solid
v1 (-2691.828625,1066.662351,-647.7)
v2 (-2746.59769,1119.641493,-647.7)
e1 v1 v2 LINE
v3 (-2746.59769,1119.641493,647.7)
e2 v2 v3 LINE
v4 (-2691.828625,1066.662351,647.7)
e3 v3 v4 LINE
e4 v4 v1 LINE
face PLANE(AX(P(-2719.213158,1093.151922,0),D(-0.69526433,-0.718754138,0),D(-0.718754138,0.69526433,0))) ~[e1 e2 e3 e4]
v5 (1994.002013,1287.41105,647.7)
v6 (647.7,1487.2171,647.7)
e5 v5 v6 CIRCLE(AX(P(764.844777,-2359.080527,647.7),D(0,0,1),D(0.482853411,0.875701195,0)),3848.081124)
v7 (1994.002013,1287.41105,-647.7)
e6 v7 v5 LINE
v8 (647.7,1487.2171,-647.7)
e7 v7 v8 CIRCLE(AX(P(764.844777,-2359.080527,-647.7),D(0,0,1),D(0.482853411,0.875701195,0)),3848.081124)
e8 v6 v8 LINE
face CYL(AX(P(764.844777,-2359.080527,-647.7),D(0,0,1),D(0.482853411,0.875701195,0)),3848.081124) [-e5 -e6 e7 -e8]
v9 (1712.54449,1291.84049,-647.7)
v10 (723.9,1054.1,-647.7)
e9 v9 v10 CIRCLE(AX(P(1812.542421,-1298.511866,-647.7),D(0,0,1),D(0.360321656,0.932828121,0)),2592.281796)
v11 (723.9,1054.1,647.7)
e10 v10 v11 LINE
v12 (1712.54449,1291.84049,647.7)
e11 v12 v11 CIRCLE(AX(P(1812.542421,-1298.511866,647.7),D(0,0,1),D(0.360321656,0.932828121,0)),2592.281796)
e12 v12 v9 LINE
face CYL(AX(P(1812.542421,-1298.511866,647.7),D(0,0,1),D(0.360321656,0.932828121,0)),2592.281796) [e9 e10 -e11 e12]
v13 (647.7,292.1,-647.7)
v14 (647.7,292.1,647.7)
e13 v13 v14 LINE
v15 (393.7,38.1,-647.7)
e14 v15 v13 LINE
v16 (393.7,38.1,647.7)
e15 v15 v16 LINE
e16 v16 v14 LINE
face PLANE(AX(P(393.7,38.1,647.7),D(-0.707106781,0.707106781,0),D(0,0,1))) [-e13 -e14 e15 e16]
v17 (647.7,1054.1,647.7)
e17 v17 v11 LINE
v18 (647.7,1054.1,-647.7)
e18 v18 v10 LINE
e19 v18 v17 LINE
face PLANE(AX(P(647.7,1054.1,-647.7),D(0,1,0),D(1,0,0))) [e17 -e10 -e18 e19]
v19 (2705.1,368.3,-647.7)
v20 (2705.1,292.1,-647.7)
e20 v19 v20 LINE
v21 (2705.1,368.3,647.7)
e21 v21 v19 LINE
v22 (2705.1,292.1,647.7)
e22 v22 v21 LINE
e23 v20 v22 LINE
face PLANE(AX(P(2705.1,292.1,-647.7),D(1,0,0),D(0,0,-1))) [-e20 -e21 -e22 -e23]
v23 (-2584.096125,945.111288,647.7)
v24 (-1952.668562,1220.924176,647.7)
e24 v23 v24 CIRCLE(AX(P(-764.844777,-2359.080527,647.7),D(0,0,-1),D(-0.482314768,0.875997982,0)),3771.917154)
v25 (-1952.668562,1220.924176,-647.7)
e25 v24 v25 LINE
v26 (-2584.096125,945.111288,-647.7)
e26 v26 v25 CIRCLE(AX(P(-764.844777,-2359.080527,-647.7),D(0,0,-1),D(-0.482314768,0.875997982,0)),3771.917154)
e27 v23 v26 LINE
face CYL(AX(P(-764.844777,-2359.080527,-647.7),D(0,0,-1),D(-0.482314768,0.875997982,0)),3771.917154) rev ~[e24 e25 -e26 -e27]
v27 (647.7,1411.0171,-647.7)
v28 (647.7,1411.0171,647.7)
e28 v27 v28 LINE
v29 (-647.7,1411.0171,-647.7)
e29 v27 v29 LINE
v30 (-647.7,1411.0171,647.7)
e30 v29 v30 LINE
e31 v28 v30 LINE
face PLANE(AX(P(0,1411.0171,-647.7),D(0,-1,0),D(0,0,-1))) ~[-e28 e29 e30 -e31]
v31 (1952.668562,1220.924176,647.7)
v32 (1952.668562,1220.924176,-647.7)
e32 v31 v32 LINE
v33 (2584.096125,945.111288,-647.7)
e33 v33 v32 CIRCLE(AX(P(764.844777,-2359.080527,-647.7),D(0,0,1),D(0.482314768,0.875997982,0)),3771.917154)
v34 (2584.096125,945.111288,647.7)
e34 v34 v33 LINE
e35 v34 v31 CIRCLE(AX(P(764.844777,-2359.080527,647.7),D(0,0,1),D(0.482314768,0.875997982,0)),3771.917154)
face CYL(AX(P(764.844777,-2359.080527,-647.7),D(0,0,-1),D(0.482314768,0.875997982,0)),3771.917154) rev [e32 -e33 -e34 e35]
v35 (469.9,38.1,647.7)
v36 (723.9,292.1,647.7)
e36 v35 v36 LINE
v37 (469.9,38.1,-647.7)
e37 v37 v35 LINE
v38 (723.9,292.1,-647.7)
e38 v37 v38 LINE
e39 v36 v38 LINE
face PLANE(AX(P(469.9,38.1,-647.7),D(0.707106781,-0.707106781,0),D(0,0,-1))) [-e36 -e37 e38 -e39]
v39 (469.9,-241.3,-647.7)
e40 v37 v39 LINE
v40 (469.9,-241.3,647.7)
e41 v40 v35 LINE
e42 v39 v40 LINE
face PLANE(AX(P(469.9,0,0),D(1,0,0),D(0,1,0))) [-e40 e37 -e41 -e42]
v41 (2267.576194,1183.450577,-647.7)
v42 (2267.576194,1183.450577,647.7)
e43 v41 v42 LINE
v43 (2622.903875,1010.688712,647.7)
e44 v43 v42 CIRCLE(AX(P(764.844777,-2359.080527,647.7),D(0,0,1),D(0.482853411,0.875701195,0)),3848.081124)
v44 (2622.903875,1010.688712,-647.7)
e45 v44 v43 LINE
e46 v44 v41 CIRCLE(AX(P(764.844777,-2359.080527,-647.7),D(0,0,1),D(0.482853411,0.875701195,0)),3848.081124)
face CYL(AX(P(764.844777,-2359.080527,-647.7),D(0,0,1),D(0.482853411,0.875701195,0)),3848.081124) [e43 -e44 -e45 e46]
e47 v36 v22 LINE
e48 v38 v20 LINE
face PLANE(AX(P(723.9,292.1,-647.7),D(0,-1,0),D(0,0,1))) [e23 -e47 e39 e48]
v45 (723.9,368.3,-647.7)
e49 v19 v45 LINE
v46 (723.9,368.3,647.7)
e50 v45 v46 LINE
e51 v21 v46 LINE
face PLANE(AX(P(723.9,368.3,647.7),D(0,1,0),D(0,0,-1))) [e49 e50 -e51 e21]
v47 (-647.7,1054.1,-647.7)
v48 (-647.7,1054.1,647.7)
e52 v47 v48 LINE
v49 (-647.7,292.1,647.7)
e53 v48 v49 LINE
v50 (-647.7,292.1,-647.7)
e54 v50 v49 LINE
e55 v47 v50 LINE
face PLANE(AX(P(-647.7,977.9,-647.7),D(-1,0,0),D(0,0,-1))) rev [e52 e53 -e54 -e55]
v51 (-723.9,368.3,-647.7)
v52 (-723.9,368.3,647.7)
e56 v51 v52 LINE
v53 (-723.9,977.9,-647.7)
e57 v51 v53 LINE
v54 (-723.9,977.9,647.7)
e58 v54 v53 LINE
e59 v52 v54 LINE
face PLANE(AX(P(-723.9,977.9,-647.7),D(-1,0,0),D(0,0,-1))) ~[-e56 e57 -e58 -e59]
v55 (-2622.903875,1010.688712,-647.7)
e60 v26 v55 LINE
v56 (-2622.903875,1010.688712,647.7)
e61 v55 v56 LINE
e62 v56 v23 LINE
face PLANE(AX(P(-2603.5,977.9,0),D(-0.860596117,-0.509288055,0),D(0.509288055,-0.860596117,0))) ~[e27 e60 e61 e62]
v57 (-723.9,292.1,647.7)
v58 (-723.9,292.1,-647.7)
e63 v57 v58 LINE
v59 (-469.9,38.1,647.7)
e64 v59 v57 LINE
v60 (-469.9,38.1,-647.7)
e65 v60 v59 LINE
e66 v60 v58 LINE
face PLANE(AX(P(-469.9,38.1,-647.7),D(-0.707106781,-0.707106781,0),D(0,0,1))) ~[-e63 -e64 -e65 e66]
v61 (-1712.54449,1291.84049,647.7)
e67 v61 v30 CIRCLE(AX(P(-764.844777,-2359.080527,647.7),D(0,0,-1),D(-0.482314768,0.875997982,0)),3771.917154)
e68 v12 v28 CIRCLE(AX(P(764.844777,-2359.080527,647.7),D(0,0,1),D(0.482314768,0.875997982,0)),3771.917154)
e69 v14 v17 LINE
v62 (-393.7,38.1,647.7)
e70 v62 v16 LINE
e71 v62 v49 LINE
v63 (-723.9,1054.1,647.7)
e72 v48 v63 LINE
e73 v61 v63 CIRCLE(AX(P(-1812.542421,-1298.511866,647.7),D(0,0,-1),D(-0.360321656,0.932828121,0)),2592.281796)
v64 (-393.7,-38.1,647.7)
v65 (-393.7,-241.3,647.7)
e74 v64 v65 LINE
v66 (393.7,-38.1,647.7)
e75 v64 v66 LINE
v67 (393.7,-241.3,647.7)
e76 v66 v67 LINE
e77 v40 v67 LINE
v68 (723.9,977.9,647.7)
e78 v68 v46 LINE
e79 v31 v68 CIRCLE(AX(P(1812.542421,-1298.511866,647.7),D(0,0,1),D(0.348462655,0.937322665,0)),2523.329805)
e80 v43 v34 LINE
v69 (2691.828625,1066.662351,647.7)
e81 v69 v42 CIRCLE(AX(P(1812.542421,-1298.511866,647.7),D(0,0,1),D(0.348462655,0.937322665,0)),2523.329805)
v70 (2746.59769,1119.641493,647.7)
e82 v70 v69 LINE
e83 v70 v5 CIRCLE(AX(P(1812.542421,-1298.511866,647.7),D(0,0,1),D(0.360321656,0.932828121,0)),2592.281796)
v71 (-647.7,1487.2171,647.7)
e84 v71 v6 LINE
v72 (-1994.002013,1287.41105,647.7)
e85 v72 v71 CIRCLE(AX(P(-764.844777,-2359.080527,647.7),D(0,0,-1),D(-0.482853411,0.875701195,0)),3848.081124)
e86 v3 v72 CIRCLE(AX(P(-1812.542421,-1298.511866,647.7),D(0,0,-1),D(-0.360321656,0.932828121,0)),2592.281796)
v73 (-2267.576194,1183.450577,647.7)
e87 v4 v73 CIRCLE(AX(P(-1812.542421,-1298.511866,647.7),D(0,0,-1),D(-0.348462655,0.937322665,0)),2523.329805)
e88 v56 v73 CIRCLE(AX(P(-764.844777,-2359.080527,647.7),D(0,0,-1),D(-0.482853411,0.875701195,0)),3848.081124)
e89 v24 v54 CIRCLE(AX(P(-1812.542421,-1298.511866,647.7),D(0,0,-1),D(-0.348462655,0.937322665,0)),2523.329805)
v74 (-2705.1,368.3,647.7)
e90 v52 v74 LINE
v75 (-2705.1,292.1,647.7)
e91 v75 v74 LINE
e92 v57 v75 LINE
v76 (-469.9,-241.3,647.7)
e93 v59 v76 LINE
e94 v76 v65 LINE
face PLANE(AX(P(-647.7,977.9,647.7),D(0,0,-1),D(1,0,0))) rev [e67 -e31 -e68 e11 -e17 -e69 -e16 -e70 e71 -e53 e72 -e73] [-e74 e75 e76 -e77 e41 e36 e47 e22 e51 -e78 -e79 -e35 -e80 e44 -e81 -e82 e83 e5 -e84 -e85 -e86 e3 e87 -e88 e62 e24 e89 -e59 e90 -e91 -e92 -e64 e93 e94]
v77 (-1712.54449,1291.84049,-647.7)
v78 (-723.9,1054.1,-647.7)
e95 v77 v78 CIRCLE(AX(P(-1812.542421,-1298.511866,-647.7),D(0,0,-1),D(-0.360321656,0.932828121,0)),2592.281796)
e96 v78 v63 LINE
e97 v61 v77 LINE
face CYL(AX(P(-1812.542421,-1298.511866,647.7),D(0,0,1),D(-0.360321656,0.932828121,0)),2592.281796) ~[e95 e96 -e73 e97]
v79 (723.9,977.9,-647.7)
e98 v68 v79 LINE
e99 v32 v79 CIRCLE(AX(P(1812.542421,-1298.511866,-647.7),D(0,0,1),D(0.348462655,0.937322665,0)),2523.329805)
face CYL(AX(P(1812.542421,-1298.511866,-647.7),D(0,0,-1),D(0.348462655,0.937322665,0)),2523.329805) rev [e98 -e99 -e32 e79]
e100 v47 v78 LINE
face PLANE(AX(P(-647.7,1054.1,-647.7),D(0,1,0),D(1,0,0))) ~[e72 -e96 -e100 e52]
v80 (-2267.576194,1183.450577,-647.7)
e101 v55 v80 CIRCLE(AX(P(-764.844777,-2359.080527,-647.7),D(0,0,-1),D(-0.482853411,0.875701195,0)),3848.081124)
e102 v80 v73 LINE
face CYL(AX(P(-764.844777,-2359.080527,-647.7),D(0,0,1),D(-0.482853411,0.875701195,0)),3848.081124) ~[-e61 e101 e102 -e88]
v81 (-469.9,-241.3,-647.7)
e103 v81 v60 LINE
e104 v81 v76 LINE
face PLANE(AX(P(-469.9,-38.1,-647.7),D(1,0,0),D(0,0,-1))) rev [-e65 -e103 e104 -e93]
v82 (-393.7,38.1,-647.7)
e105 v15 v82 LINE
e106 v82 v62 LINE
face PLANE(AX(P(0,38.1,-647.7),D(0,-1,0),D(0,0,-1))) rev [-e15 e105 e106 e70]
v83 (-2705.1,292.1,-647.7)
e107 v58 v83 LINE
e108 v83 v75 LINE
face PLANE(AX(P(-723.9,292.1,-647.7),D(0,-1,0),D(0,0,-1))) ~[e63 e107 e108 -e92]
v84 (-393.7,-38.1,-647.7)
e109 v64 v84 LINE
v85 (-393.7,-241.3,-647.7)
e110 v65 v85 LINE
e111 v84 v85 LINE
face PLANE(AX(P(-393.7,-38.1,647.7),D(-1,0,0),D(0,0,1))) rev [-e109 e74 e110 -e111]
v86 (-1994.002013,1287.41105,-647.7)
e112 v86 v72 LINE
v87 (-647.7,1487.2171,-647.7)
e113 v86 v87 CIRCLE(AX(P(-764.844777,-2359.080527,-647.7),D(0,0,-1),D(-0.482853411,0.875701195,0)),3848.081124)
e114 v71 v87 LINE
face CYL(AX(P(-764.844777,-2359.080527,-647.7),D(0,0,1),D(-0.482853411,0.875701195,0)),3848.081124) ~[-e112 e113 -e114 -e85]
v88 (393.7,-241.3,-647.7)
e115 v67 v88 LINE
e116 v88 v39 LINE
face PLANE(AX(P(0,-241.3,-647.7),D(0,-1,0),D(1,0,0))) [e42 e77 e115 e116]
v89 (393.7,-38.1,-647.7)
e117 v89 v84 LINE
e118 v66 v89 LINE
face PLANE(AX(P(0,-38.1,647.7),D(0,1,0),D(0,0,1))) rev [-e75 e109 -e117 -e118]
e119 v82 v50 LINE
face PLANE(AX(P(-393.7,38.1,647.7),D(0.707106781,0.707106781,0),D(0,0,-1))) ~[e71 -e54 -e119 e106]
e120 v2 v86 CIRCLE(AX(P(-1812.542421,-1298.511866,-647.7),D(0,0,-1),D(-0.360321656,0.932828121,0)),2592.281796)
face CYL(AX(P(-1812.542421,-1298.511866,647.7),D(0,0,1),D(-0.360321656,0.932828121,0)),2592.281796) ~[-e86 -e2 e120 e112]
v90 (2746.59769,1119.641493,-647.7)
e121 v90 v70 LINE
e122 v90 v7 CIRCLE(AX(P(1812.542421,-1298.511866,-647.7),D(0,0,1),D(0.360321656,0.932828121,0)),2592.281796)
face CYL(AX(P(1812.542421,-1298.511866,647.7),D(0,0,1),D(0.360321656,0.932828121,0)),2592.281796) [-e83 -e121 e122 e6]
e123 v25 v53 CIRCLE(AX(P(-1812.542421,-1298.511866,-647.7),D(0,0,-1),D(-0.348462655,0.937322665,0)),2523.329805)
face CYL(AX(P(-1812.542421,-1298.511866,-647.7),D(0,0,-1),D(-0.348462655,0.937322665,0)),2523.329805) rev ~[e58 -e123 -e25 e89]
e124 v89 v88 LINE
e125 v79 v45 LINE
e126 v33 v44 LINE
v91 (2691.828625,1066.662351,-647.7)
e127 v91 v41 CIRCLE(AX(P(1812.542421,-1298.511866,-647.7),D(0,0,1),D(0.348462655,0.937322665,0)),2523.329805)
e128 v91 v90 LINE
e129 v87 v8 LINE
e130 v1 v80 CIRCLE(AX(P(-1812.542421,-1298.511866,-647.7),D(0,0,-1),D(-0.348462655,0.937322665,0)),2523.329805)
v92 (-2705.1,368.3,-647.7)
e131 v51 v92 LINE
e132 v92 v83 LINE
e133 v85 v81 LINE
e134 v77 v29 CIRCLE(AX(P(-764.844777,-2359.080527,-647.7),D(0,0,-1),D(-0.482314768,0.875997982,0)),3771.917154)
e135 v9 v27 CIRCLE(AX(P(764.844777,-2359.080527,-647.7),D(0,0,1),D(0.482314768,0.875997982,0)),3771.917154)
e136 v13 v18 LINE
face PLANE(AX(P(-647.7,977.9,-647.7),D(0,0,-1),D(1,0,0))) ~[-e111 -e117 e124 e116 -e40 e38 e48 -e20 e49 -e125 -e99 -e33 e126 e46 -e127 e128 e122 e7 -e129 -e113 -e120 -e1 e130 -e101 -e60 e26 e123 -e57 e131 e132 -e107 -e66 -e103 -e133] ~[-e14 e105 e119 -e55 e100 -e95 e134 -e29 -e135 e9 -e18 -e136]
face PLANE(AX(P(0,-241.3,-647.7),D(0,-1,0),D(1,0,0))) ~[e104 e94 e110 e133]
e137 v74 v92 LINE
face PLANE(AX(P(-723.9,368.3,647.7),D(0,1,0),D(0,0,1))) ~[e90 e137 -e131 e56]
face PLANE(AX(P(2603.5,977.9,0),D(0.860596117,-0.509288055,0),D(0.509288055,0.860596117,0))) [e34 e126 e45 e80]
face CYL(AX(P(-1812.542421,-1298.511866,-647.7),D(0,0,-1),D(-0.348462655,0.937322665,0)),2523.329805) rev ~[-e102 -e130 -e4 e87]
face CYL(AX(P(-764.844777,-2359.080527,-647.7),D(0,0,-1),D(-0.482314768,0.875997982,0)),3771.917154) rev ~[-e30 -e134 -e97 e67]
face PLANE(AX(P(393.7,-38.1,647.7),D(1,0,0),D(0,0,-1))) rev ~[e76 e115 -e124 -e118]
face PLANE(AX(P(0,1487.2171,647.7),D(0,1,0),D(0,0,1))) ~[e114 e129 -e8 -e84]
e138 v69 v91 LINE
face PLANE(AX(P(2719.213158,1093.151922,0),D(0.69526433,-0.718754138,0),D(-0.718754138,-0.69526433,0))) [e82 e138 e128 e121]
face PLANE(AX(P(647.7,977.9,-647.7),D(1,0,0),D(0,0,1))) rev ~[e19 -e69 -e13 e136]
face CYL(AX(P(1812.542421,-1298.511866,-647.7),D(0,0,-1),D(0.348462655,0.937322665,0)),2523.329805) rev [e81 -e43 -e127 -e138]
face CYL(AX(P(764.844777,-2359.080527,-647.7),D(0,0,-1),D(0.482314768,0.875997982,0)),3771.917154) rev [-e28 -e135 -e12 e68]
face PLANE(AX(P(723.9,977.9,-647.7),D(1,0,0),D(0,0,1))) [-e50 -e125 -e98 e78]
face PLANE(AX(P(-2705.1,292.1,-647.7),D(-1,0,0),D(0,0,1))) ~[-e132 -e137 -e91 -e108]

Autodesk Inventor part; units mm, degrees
ref_plane "YZ Plane" through (0, 0, 0) normal (1, 0, 0) x (0, 1, 0)
ref_plane "XZ Plane" through (0, 0, 0) normal (0, 1, 0) x (-1, 0, 0)
ref_plane "XY Plane" through (0, 0, 0) normal (0, 0, 1) x (1, 0, 0)
sketch "Sketch1" plane through (0, 0, 0) normal (1, 0, 0) x (0, 1, 0)
  line L0 (38.1, 647.7) -> (-38.1, 647.7)
  line L1 (-38.1, 647.7) -> (-38.1, -647.7)
  line L2 (-38.1, -647.7) -> (38.1, -647.7)
  line L3 (38.1, -647.7) -> (38.1, 647.7)
  line L4 (0, 0) -> (420.0175, 0) construction
  point P0 (0, 647.7)
  dimension "d0" = 76.2
  dimension "d1" = 1295.4
  dimension "d2" = 647.7
extrude "Extrusion1" add sketch "Sketch1" along normal blind 469.9
sketch "Sketch2" plane through (0, -38.1, -647.7) normal (0, -1, 0) x (1, 0, 0)
  line L0 (0, 0) -> (469.9, 0) projected
  line L1 (469.9, 1295.4) -> (393.7, 1295.4)
  line L2 (393.7, 1295.4) -> (393.7, 0)
  line L3 (393.7, 0) -> (469.9, 0)
  line L4 (469.9, 0) -> (469.9, 1295.4)
  point P0 (0, 647.7)
  dimension "d5" = 76.2
extrude "Extrusion2" add sketch "Sketch2" along normal blind 203.2
sketch "Sketch3" plane through (0, 38.1, 647.7) normal (0, 1, 0) x (1, 0, 0)
  line L0 (469.9, 1295.4) -> (469.9, 0) projected
  line L1 (393.7, 0) -> (393.7, 1295.4) projected
  line L2 (469.9, 1295.4) -> (393.7, 1295.4)
  line L3 (393.7, 1295.4) -> (393.7, 0)
  line L4 (393.7, 0) -> (469.9, 0)
  line L5 (469.9, 0) -> (469.9, 1295.4)
  point P0 (0, 647.7)
sketch "Sketch4" plane through (0, 0, 0) normal (0, 0, 1) x (1, 0, 0)
  line L0 (0, 38.1) -> (469.9, 38.1) projected
  line L1 (431.8, 38.1) -> (685.8, 292.1)
  point P0 (0, 0)
  dimension "d10" = 135
  dimension "d11" = 38.1
  dimension "d12" = 254
sweep "Sweep1" add profiles "Sketch3" path "Sketch4" path curves L1
sketch "Sketch5" plane through (647.7, 292.1, -647.7) normal (0, 1, 0) x (1, 0, 0)
  line L0 (76.2, -1295.4) -> (76.2, 0) projected
  line L1 (-254, -1295.4) -> (0, -1295.4) projected
  line L2 (76.2, 0) -> (0, 0)
  line L3 (0, 0) -> (0, -1295.4)
  line L4 (0, -1295.4) -> (76.2, -1295.4)
  line L5 (76.2, -1295.4) -> (76.2, 0)
  point P0 (-647.7, -647.7)
extrude "Extrusion3" add sketch "Sketch5" along normal blind 76.2
sketch "Sketch6" plane through (723.9, 292.1, -647.7) normal (1, 0, 0) x (0, 0, -1)
  line L0 (-1295.4, 0) -> (-1295.4, 76.2) projected
  line L1 (0, -254) -> (0, 0) projected
  line L2 (-1295.4, 76.2) -> (0, 76.2)
  line L3 (0, 76.2) -> (0, 0)
  line L4 (0, 0) -> (-1295.4, 0)
  line L5 (-1295.4, 0) -> (-1295.4, 76.2)
  point P0 (-647.7, -292.1)
extrude "Extrusion4" add sketch "Sketch6" along normal blind 1981.2
sketch "Sketch7" plane through (647.7, 368.3, -647.7) normal (0, 1, 0) x (1, 0, 0)
  line L0 (0, 0) -> (0, -1295.4) projected
  line L1 (0, 0) -> (76.2, 0)
  line L2 (76.2, 0) -> (76.2, -1295.4)
  line L3 (76.2, -1295.4) -> (0, -1295.4)
  line L4 (0, -1295.4) -> (0, 0)
  point P0 (-647.7, -647.7)
  dimension "d19" = 76.2
extrude "Extrusion5" add sketch "Sketch7" along normal blind 609.6
sketch "Sketch8" plane through (0, 0, 0) normal (0, 0, 1) x (1, 0, 0)
  line L0 (647.7, 977.9) -> (723.9, 977.9) projected
  arc A0 (2705.1, 1079.5) -> (685.8, 977.9) centre (1812.5424, -1298.512) ccw
  line L1 (723.9, 977.9) -> (2746.3916, 977.9) construction
  line L2 (723.9, 368.3) -> (2705.1, 368.3) construction
  line L3 (2705.1, 368.3) -> (2705.1, 1575.1367) construction
  point P0 (0, 0)
  dimension "d22" = 2540
  dimension "d23" = 101.6
sketch "Sketch9" plane through (647.7, 977.9, -647.7) normal (0, 1, 0) x (1, 0, 0)
  line L0 (0, 0) -> (0, -1295.4) projected
  line L1 (-177.8, -1295.4) -> (76.2, -1295.4) projected
  line L2 (0, 0) -> (76.2, 0)
  line L3 (76.2, 0) -> (76.2, -1295.4)
  line L4 (76.2, -1295.4) -> (0, -1295.4)
  line L5 (0, -1295.4) -> (0, 0)
  point P0 (-647.7, -647.7)
sketch "Sketch12" plane through (0, 0, 0) normal (1, 0, 0) x (0, 1, 0)
  line L0 (1487.2171, -647.7) -> (1411.0171, -647.7)
  line L1 (1411.0171, -647.7) -> (1411.0171, 647.7)
  line L2 (1411.0171, 647.7) -> (1487.2171, 647.7)
  line L3 (1487.2171, 647.7) -> (1487.2171, -647.7)
  line L4 (876.3, -647.7) -> (1157.0171, -647.7) construction
  line L5 (876.3, 647.7) -> (1157.0171, 647.7) construction
  line L6 (1157.0171, -647.7) -> (1157.0171, 647.7) construction
  point P0 (0, 0)
  point P1 (1005.7223, -647.7)
  point P2 (1005.7223, 647.7)
  dimension "d26" = 1295.4
  dimension "d27" = 76.2
  dimension "d28" = 254
  dimension "d29" = 647.7
extrude "Extrusion6" add sketch "Sketch12" along normal blind 647.7
sketch "Sketch13" plane through (0, 0, 0) normal (0, 0, 1) x (1, 0, 0)
  line L0 (2577.4706, 1005.7223) -> (2629.5294, 950.0777) projected
  line L1 (647.7, 1411.0171) -> (647.7, 1487.2171) projected
  arc A0 (2603.5, 977.9) -> (647.7, 1449.1171) centre (764.8444, -2359.0815) ccw
  point P0 (0, 0)
  dimension "d32" = 3810
ref_plane "Work Plane2" through (2577.4706, 1005.7223, 647.7) normal (0.7302, 0.6832, 0) x (0, 0, -1)
sketch "Sketch14" plane through (2577.4706, 1005.7223, 647.7) normal (0.7302, 0.6832, 0) x (0, 0, -1)
  line L0 (0, -76.2) -> (0, 1241.2384) projected
  line L1 (0, -76.2) -> (1295.4, -76.2) projected
  line L2 (0, -0.6753) -> (1295.4, -0.6753)
  line L3 (1295.4, -0.6753) -> (1295.4, -76.2)
  line L4 (1295.4, -76.2) -> (0, -76.2)
  line L5 (0, -76.2) -> (0, -0.6753)
  point P0 (647.7, 1026.474)
sketch "Sketch15" plane through (647.7, 0, 0) normal (1, 0, 0) x (0, 0, -1)
  line L0 (647.7, 1487.2171) -> (-647.7, 1487.2171) projected
  line L1 (647.7, 1411.0171) -> (647.7, 1487.2171) projected
  line L2 (-647.7, 1487.2171) -> (647.7, 1487.2171)
  line L3 (647.7, 1487.2171) -> (647.7, 1411.0171)
  line L4 (647.7, 1411.0171) -> (-647.7, 1411.0171)
  line L5 (-647.7, 1411.0171) -> (-647.7, 1487.2171)
  point P0 (0, 0)
sweep "Sweep3" add profiles "Sketch15" path "Sketch13" path curves A0
extrude "Extrusion7" add sketch "Sketch9" along normal blind 76.2
sketch "Sketch16" plane through (723.9, 368.3, 647.7) normal (1, 0, 0) x (0, 0, -1)
  line L0 (0, 0) -> (0, 685.8) projected
  line L1 (1295.4, 0) -> (1295.4, 685.8) projected
  line L2 (0, 685.8) -> (1295.4, 685.8)
  line L3 (1295.4, 685.8) -> (1295.4, 609.6)
  line L4 (1295.4, 609.6) -> (0, 609.6)
  line L5 (0, 609.6) -> (0, 685.8)
  point P0 (647.7, -368.3)
  dimension "d37" = 76.2
sweep "Sweep4" add profiles "Sketch16" path "Sketch8" path curves A0
mirror "Mirror1" about plane through (0, 0, 0) normal (1, 0, 0) of "Extrusion1", "Extrusion2", "Sweep1", "Extrusion3", "Extrusion4", "Extrusion5", "Extrusion6", "Sweep3", "Extrusion7", "Sweep4"
properties part number "Test"
